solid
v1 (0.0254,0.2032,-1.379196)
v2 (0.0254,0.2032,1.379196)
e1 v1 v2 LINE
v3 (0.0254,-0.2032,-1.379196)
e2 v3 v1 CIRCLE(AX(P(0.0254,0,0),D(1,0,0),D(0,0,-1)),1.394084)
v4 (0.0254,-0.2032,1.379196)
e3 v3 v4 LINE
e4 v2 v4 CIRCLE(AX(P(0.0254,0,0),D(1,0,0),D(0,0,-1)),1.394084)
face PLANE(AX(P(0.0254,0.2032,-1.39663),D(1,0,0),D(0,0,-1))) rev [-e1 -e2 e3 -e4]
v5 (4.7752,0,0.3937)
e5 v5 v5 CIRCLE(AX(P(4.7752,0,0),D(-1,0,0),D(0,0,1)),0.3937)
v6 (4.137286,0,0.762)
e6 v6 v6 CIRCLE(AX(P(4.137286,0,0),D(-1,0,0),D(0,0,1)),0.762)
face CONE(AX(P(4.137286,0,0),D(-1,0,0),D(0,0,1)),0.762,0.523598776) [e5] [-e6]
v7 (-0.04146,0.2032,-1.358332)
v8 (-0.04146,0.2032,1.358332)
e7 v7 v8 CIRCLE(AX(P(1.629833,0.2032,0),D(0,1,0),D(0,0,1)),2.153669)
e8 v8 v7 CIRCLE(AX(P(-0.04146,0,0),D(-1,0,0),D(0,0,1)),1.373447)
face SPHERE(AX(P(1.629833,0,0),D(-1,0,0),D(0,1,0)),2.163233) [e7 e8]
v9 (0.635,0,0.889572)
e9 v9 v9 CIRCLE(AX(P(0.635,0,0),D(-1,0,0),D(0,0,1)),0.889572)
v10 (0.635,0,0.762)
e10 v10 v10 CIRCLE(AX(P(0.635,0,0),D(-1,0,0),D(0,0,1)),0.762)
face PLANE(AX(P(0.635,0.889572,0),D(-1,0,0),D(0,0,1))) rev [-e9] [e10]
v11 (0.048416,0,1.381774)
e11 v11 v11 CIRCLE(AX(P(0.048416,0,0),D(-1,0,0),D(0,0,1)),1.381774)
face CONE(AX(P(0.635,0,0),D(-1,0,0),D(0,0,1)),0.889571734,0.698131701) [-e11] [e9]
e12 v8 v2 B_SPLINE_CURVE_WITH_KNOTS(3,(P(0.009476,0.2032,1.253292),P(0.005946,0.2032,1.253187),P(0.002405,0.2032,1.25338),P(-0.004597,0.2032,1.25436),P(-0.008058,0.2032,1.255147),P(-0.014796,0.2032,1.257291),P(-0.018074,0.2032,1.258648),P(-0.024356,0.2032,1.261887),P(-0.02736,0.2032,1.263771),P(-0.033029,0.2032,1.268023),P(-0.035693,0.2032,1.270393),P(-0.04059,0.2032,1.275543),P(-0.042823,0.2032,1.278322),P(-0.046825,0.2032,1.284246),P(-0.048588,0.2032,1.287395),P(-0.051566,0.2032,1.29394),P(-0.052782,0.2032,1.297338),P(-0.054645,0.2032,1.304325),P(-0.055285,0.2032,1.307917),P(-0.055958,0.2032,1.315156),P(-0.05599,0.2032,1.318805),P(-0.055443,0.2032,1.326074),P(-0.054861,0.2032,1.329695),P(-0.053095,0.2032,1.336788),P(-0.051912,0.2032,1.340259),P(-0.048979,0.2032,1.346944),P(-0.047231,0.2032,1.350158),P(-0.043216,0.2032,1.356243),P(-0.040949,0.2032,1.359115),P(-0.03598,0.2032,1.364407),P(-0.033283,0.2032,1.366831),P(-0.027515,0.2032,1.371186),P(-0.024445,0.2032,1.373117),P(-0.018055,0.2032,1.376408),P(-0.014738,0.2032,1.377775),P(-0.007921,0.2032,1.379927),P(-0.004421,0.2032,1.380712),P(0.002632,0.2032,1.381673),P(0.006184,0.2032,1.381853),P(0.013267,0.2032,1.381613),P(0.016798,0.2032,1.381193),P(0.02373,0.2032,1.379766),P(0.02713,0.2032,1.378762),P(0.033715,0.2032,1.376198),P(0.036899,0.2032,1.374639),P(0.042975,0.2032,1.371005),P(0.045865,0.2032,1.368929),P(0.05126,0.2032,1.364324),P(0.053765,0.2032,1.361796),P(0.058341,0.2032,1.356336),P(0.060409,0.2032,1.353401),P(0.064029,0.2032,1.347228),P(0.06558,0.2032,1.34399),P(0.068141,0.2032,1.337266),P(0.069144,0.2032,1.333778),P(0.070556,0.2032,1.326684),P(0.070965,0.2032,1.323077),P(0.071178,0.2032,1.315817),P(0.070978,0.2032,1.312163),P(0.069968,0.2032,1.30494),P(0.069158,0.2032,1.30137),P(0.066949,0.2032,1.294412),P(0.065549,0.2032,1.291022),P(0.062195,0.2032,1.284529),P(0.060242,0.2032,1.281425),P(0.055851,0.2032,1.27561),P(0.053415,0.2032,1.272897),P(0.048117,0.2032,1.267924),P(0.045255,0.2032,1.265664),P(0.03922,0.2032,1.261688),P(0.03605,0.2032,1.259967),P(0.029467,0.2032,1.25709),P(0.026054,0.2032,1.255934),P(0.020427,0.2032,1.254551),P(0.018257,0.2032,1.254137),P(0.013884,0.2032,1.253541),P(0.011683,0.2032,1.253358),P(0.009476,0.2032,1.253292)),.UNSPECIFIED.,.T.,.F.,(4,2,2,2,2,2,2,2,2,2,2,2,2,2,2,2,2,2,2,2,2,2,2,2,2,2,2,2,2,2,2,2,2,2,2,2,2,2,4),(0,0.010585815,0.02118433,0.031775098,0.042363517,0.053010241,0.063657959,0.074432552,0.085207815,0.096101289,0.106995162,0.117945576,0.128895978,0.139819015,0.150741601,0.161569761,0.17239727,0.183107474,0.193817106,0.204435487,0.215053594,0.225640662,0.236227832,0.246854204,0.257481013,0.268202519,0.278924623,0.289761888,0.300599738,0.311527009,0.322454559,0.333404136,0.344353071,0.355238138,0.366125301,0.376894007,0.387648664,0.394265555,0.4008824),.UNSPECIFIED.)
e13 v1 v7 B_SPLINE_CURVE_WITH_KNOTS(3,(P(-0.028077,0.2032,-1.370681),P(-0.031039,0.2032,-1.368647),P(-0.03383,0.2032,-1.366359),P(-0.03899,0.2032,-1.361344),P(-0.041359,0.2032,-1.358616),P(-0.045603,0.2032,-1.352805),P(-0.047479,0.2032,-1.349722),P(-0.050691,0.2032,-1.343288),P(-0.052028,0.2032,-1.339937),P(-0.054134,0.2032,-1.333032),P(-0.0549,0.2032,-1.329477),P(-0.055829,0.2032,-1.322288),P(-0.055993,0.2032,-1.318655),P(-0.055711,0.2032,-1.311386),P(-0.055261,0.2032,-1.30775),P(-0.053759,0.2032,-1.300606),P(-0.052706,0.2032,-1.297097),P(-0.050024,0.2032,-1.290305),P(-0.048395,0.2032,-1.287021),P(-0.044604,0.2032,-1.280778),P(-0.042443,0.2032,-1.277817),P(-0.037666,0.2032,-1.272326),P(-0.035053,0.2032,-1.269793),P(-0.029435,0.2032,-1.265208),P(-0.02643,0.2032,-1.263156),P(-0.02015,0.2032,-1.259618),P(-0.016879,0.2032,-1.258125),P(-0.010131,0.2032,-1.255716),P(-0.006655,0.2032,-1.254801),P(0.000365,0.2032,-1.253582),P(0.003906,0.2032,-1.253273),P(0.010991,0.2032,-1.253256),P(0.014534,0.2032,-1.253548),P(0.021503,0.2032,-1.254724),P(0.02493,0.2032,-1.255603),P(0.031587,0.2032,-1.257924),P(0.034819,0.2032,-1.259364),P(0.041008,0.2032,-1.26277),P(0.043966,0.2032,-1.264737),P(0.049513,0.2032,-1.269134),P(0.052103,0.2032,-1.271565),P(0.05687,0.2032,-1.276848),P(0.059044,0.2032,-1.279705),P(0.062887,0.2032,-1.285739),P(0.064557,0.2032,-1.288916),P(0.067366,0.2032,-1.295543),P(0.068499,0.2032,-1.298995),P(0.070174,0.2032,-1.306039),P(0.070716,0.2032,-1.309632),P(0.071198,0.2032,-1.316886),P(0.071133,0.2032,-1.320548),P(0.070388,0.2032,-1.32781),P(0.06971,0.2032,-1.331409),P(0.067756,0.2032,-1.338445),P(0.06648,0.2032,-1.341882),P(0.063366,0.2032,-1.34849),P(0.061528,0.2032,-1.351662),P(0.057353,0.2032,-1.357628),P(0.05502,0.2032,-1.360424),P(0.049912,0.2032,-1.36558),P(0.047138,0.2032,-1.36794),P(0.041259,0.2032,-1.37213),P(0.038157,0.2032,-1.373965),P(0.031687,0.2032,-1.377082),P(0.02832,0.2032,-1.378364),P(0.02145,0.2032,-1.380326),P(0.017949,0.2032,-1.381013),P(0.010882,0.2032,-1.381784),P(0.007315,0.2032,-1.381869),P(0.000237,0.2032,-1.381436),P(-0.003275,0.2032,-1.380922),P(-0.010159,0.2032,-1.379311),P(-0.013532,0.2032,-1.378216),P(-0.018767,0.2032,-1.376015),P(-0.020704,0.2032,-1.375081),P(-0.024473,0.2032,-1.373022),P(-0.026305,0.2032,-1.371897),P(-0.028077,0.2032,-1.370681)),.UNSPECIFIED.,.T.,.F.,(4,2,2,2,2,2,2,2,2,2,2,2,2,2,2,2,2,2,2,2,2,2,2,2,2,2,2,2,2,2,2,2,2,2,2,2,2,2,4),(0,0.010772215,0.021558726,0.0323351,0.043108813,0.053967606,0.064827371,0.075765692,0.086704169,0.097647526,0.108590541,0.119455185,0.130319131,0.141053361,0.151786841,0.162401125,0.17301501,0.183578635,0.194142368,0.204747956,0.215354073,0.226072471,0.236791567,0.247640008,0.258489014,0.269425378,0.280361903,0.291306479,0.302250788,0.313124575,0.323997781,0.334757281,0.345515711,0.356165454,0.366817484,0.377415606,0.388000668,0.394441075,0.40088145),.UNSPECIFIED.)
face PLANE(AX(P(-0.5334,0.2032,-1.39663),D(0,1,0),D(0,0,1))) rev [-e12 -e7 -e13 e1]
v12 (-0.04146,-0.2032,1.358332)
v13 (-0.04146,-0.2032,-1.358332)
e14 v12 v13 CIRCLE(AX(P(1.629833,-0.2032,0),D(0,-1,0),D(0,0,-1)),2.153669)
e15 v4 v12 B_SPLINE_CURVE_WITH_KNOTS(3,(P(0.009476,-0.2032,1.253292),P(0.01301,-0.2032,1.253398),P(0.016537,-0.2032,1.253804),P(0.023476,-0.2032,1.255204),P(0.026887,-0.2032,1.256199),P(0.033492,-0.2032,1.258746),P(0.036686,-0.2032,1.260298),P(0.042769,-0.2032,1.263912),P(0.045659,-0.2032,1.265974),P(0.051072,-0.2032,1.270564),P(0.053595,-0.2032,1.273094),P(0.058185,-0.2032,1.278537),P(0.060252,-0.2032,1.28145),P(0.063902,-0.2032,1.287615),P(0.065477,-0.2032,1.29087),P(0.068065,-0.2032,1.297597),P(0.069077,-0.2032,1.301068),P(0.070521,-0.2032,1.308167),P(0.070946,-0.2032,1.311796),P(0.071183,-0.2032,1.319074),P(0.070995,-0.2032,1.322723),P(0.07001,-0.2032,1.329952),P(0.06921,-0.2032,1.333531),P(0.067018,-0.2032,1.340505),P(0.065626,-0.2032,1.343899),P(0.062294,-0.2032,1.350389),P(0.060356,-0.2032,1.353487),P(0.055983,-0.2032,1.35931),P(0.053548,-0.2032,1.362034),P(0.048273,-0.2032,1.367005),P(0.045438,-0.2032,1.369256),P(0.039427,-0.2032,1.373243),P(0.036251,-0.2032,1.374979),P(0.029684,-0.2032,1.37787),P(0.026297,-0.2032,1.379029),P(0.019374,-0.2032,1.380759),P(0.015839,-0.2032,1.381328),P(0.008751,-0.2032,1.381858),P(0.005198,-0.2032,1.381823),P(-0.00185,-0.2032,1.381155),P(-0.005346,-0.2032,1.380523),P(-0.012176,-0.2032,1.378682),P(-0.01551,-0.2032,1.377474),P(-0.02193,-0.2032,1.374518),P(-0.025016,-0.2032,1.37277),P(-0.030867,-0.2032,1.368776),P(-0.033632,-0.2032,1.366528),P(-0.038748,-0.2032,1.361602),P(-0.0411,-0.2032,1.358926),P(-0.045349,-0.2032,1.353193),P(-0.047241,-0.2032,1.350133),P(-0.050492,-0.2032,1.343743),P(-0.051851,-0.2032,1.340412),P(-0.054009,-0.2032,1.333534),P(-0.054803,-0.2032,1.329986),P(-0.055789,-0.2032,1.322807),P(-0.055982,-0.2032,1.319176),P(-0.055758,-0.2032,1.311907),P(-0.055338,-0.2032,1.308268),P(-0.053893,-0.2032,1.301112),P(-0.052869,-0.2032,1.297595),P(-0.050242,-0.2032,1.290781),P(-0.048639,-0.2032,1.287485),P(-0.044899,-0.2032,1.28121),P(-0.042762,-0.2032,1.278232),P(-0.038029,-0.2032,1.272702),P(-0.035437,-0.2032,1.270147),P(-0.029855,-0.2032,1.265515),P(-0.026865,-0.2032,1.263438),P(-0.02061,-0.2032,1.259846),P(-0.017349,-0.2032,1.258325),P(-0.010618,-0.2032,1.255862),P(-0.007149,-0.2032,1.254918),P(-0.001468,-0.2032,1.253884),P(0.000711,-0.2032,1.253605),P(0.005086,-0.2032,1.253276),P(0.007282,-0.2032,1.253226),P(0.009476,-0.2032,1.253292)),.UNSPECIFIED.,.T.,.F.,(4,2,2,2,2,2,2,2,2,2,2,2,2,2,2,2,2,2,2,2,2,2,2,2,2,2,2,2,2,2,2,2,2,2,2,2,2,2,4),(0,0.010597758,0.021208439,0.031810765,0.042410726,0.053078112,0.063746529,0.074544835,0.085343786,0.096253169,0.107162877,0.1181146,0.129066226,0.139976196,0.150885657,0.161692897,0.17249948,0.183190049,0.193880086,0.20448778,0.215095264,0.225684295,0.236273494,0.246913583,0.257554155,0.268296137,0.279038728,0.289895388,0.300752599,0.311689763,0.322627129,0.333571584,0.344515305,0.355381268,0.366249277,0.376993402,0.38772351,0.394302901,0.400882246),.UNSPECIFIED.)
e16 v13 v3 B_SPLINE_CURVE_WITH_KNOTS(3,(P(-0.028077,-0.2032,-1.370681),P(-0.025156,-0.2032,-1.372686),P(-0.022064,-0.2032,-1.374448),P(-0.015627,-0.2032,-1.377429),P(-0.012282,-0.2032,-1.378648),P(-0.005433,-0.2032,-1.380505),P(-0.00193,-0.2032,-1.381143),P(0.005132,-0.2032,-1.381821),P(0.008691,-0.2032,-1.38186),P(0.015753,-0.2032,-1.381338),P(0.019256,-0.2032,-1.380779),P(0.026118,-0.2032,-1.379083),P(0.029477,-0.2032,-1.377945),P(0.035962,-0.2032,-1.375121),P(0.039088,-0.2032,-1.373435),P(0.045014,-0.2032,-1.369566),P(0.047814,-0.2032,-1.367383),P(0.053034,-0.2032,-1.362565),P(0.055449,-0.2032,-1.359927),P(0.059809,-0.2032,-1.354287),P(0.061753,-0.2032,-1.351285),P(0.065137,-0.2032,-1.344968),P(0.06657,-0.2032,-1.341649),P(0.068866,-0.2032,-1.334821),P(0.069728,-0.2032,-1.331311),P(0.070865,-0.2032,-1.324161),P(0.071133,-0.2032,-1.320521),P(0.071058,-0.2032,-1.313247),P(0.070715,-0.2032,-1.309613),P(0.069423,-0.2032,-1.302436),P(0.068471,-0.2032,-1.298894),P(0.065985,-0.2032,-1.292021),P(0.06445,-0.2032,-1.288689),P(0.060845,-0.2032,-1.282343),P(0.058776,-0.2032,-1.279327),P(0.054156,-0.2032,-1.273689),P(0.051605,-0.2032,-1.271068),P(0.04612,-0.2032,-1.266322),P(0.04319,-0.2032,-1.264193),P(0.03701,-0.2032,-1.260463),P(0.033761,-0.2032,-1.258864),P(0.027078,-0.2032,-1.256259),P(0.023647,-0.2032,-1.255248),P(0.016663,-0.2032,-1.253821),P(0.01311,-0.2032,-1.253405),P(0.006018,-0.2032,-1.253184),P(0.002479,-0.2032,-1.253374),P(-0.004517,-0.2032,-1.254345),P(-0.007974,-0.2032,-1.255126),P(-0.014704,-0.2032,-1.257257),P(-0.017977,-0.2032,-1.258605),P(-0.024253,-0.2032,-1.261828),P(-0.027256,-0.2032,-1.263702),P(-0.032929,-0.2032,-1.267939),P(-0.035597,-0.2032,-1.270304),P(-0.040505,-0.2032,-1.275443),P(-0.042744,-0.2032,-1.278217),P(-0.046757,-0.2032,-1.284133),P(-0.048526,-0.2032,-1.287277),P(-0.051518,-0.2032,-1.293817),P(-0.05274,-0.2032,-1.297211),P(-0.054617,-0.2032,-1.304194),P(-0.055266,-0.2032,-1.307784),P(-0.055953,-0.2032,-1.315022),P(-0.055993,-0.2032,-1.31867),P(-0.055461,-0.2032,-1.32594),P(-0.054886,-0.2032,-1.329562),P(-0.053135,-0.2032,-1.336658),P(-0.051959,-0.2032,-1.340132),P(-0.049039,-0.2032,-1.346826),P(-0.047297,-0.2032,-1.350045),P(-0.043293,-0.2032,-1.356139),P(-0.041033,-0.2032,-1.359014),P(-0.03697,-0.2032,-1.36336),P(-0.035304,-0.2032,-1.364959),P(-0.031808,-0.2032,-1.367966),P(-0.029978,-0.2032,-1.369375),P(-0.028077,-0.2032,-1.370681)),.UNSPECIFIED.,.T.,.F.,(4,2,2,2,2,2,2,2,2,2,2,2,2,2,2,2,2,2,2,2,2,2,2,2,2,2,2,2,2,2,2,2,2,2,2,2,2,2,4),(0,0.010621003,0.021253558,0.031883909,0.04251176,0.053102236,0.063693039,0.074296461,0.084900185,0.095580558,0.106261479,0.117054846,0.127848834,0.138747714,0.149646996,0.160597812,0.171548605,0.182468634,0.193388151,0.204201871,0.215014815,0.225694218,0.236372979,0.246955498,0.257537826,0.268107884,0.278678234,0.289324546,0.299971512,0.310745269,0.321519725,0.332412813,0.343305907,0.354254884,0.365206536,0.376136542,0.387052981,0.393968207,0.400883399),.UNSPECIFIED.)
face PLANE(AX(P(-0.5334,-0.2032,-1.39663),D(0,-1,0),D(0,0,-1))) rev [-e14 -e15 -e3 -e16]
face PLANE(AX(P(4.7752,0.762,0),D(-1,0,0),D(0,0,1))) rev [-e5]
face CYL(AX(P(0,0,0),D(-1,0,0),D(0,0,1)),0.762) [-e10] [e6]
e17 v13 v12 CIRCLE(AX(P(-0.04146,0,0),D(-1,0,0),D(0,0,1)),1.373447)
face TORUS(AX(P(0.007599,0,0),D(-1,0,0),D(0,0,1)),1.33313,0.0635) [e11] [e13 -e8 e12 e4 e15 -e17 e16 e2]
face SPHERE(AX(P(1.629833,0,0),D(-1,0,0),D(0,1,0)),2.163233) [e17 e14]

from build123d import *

# Parameters (mm, degrees)
SLOT_CUT_EXTRUDE1_DEPTH      = 6.167561086
SLOT_CUT_EXTRUDE1_DEPTH_BACK = 6.167561086
SKETCH2_W                    = 0.5588
SKETCH2_H                    = 0.4064


with BuildPart() as part:
    # Sketch1 → base-Revolve (revolve)
    with BuildSketch(Plane.XY, mode=Mode.PRIVATE) as base_revolve_sk:
        with BuildLine():
            Line((0.048416124, 1.381774048), (0.635, 0.889571734))
            Line((0.635, 0.889571734), (0.635, 0.762))
            Line((0.635, 0.762), (4.7752, 0.762))
            Line((4.7752, 0.762), (4.7752, 0))
            Line((4.7752, 0), (0, 0))
            Line((0, 0), (-0.5334, 0))
            ThreePointArc((-0.5334, 0), (-0.406704998, 0.729445049), (-0.041460392, 1.373446664))
            ThreePointArc((-0.041460392, 1.373446664), (0.001740699, 1.396359404), (0.048416124, 1.381774048))
        make_face()
    revolve(base_revolve_sk.sketch.rotate(Axis((0, 0, 0), (1, 0, 0)), 90), axis=Axis((0, 0, 0), (1, 0, 0)))

    # Sketch2 → slot_Cut-Extrude1 (cut, two sides: drawn at the far end of the back side and taken through both)
    with BuildSketch(Plane.XY.offset(-SLOT_CUT_EXTRUDE1_DEPTH_BACK)):
        with Locations((-0.254, 0)):
            Rectangle(SKETCH2_W, SKETCH2_H)
    extrude(amount=SLOT_CUT_EXTRUDE1_DEPTH + SLOT_CUT_EXTRUDE1_DEPTH_BACK, mode=Mode.SUBTRACT)

    # Sketch8 → point_Cut-Revolve1 (revolve, cut)
    with BuildSketch(Plane.XY, mode=Mode.PRIVATE) as point_cut_revolve1_sk:
        Polygon((4.7752, 0), (5.2832, 0), (5.2832, 1.27), (4.137285688, 1.27), (4.137285688, 0.762), (4.7752, 0.3937), align=None)
    revolve(point_cut_revolve1_sk.sketch.rotate(Axis((0, 0, 0), (1, 0, 0)), 90), axis=Axis((0, 0, 0), (1, 0, 0)), mode=Mode.SUBTRACT)


solid = part.part
